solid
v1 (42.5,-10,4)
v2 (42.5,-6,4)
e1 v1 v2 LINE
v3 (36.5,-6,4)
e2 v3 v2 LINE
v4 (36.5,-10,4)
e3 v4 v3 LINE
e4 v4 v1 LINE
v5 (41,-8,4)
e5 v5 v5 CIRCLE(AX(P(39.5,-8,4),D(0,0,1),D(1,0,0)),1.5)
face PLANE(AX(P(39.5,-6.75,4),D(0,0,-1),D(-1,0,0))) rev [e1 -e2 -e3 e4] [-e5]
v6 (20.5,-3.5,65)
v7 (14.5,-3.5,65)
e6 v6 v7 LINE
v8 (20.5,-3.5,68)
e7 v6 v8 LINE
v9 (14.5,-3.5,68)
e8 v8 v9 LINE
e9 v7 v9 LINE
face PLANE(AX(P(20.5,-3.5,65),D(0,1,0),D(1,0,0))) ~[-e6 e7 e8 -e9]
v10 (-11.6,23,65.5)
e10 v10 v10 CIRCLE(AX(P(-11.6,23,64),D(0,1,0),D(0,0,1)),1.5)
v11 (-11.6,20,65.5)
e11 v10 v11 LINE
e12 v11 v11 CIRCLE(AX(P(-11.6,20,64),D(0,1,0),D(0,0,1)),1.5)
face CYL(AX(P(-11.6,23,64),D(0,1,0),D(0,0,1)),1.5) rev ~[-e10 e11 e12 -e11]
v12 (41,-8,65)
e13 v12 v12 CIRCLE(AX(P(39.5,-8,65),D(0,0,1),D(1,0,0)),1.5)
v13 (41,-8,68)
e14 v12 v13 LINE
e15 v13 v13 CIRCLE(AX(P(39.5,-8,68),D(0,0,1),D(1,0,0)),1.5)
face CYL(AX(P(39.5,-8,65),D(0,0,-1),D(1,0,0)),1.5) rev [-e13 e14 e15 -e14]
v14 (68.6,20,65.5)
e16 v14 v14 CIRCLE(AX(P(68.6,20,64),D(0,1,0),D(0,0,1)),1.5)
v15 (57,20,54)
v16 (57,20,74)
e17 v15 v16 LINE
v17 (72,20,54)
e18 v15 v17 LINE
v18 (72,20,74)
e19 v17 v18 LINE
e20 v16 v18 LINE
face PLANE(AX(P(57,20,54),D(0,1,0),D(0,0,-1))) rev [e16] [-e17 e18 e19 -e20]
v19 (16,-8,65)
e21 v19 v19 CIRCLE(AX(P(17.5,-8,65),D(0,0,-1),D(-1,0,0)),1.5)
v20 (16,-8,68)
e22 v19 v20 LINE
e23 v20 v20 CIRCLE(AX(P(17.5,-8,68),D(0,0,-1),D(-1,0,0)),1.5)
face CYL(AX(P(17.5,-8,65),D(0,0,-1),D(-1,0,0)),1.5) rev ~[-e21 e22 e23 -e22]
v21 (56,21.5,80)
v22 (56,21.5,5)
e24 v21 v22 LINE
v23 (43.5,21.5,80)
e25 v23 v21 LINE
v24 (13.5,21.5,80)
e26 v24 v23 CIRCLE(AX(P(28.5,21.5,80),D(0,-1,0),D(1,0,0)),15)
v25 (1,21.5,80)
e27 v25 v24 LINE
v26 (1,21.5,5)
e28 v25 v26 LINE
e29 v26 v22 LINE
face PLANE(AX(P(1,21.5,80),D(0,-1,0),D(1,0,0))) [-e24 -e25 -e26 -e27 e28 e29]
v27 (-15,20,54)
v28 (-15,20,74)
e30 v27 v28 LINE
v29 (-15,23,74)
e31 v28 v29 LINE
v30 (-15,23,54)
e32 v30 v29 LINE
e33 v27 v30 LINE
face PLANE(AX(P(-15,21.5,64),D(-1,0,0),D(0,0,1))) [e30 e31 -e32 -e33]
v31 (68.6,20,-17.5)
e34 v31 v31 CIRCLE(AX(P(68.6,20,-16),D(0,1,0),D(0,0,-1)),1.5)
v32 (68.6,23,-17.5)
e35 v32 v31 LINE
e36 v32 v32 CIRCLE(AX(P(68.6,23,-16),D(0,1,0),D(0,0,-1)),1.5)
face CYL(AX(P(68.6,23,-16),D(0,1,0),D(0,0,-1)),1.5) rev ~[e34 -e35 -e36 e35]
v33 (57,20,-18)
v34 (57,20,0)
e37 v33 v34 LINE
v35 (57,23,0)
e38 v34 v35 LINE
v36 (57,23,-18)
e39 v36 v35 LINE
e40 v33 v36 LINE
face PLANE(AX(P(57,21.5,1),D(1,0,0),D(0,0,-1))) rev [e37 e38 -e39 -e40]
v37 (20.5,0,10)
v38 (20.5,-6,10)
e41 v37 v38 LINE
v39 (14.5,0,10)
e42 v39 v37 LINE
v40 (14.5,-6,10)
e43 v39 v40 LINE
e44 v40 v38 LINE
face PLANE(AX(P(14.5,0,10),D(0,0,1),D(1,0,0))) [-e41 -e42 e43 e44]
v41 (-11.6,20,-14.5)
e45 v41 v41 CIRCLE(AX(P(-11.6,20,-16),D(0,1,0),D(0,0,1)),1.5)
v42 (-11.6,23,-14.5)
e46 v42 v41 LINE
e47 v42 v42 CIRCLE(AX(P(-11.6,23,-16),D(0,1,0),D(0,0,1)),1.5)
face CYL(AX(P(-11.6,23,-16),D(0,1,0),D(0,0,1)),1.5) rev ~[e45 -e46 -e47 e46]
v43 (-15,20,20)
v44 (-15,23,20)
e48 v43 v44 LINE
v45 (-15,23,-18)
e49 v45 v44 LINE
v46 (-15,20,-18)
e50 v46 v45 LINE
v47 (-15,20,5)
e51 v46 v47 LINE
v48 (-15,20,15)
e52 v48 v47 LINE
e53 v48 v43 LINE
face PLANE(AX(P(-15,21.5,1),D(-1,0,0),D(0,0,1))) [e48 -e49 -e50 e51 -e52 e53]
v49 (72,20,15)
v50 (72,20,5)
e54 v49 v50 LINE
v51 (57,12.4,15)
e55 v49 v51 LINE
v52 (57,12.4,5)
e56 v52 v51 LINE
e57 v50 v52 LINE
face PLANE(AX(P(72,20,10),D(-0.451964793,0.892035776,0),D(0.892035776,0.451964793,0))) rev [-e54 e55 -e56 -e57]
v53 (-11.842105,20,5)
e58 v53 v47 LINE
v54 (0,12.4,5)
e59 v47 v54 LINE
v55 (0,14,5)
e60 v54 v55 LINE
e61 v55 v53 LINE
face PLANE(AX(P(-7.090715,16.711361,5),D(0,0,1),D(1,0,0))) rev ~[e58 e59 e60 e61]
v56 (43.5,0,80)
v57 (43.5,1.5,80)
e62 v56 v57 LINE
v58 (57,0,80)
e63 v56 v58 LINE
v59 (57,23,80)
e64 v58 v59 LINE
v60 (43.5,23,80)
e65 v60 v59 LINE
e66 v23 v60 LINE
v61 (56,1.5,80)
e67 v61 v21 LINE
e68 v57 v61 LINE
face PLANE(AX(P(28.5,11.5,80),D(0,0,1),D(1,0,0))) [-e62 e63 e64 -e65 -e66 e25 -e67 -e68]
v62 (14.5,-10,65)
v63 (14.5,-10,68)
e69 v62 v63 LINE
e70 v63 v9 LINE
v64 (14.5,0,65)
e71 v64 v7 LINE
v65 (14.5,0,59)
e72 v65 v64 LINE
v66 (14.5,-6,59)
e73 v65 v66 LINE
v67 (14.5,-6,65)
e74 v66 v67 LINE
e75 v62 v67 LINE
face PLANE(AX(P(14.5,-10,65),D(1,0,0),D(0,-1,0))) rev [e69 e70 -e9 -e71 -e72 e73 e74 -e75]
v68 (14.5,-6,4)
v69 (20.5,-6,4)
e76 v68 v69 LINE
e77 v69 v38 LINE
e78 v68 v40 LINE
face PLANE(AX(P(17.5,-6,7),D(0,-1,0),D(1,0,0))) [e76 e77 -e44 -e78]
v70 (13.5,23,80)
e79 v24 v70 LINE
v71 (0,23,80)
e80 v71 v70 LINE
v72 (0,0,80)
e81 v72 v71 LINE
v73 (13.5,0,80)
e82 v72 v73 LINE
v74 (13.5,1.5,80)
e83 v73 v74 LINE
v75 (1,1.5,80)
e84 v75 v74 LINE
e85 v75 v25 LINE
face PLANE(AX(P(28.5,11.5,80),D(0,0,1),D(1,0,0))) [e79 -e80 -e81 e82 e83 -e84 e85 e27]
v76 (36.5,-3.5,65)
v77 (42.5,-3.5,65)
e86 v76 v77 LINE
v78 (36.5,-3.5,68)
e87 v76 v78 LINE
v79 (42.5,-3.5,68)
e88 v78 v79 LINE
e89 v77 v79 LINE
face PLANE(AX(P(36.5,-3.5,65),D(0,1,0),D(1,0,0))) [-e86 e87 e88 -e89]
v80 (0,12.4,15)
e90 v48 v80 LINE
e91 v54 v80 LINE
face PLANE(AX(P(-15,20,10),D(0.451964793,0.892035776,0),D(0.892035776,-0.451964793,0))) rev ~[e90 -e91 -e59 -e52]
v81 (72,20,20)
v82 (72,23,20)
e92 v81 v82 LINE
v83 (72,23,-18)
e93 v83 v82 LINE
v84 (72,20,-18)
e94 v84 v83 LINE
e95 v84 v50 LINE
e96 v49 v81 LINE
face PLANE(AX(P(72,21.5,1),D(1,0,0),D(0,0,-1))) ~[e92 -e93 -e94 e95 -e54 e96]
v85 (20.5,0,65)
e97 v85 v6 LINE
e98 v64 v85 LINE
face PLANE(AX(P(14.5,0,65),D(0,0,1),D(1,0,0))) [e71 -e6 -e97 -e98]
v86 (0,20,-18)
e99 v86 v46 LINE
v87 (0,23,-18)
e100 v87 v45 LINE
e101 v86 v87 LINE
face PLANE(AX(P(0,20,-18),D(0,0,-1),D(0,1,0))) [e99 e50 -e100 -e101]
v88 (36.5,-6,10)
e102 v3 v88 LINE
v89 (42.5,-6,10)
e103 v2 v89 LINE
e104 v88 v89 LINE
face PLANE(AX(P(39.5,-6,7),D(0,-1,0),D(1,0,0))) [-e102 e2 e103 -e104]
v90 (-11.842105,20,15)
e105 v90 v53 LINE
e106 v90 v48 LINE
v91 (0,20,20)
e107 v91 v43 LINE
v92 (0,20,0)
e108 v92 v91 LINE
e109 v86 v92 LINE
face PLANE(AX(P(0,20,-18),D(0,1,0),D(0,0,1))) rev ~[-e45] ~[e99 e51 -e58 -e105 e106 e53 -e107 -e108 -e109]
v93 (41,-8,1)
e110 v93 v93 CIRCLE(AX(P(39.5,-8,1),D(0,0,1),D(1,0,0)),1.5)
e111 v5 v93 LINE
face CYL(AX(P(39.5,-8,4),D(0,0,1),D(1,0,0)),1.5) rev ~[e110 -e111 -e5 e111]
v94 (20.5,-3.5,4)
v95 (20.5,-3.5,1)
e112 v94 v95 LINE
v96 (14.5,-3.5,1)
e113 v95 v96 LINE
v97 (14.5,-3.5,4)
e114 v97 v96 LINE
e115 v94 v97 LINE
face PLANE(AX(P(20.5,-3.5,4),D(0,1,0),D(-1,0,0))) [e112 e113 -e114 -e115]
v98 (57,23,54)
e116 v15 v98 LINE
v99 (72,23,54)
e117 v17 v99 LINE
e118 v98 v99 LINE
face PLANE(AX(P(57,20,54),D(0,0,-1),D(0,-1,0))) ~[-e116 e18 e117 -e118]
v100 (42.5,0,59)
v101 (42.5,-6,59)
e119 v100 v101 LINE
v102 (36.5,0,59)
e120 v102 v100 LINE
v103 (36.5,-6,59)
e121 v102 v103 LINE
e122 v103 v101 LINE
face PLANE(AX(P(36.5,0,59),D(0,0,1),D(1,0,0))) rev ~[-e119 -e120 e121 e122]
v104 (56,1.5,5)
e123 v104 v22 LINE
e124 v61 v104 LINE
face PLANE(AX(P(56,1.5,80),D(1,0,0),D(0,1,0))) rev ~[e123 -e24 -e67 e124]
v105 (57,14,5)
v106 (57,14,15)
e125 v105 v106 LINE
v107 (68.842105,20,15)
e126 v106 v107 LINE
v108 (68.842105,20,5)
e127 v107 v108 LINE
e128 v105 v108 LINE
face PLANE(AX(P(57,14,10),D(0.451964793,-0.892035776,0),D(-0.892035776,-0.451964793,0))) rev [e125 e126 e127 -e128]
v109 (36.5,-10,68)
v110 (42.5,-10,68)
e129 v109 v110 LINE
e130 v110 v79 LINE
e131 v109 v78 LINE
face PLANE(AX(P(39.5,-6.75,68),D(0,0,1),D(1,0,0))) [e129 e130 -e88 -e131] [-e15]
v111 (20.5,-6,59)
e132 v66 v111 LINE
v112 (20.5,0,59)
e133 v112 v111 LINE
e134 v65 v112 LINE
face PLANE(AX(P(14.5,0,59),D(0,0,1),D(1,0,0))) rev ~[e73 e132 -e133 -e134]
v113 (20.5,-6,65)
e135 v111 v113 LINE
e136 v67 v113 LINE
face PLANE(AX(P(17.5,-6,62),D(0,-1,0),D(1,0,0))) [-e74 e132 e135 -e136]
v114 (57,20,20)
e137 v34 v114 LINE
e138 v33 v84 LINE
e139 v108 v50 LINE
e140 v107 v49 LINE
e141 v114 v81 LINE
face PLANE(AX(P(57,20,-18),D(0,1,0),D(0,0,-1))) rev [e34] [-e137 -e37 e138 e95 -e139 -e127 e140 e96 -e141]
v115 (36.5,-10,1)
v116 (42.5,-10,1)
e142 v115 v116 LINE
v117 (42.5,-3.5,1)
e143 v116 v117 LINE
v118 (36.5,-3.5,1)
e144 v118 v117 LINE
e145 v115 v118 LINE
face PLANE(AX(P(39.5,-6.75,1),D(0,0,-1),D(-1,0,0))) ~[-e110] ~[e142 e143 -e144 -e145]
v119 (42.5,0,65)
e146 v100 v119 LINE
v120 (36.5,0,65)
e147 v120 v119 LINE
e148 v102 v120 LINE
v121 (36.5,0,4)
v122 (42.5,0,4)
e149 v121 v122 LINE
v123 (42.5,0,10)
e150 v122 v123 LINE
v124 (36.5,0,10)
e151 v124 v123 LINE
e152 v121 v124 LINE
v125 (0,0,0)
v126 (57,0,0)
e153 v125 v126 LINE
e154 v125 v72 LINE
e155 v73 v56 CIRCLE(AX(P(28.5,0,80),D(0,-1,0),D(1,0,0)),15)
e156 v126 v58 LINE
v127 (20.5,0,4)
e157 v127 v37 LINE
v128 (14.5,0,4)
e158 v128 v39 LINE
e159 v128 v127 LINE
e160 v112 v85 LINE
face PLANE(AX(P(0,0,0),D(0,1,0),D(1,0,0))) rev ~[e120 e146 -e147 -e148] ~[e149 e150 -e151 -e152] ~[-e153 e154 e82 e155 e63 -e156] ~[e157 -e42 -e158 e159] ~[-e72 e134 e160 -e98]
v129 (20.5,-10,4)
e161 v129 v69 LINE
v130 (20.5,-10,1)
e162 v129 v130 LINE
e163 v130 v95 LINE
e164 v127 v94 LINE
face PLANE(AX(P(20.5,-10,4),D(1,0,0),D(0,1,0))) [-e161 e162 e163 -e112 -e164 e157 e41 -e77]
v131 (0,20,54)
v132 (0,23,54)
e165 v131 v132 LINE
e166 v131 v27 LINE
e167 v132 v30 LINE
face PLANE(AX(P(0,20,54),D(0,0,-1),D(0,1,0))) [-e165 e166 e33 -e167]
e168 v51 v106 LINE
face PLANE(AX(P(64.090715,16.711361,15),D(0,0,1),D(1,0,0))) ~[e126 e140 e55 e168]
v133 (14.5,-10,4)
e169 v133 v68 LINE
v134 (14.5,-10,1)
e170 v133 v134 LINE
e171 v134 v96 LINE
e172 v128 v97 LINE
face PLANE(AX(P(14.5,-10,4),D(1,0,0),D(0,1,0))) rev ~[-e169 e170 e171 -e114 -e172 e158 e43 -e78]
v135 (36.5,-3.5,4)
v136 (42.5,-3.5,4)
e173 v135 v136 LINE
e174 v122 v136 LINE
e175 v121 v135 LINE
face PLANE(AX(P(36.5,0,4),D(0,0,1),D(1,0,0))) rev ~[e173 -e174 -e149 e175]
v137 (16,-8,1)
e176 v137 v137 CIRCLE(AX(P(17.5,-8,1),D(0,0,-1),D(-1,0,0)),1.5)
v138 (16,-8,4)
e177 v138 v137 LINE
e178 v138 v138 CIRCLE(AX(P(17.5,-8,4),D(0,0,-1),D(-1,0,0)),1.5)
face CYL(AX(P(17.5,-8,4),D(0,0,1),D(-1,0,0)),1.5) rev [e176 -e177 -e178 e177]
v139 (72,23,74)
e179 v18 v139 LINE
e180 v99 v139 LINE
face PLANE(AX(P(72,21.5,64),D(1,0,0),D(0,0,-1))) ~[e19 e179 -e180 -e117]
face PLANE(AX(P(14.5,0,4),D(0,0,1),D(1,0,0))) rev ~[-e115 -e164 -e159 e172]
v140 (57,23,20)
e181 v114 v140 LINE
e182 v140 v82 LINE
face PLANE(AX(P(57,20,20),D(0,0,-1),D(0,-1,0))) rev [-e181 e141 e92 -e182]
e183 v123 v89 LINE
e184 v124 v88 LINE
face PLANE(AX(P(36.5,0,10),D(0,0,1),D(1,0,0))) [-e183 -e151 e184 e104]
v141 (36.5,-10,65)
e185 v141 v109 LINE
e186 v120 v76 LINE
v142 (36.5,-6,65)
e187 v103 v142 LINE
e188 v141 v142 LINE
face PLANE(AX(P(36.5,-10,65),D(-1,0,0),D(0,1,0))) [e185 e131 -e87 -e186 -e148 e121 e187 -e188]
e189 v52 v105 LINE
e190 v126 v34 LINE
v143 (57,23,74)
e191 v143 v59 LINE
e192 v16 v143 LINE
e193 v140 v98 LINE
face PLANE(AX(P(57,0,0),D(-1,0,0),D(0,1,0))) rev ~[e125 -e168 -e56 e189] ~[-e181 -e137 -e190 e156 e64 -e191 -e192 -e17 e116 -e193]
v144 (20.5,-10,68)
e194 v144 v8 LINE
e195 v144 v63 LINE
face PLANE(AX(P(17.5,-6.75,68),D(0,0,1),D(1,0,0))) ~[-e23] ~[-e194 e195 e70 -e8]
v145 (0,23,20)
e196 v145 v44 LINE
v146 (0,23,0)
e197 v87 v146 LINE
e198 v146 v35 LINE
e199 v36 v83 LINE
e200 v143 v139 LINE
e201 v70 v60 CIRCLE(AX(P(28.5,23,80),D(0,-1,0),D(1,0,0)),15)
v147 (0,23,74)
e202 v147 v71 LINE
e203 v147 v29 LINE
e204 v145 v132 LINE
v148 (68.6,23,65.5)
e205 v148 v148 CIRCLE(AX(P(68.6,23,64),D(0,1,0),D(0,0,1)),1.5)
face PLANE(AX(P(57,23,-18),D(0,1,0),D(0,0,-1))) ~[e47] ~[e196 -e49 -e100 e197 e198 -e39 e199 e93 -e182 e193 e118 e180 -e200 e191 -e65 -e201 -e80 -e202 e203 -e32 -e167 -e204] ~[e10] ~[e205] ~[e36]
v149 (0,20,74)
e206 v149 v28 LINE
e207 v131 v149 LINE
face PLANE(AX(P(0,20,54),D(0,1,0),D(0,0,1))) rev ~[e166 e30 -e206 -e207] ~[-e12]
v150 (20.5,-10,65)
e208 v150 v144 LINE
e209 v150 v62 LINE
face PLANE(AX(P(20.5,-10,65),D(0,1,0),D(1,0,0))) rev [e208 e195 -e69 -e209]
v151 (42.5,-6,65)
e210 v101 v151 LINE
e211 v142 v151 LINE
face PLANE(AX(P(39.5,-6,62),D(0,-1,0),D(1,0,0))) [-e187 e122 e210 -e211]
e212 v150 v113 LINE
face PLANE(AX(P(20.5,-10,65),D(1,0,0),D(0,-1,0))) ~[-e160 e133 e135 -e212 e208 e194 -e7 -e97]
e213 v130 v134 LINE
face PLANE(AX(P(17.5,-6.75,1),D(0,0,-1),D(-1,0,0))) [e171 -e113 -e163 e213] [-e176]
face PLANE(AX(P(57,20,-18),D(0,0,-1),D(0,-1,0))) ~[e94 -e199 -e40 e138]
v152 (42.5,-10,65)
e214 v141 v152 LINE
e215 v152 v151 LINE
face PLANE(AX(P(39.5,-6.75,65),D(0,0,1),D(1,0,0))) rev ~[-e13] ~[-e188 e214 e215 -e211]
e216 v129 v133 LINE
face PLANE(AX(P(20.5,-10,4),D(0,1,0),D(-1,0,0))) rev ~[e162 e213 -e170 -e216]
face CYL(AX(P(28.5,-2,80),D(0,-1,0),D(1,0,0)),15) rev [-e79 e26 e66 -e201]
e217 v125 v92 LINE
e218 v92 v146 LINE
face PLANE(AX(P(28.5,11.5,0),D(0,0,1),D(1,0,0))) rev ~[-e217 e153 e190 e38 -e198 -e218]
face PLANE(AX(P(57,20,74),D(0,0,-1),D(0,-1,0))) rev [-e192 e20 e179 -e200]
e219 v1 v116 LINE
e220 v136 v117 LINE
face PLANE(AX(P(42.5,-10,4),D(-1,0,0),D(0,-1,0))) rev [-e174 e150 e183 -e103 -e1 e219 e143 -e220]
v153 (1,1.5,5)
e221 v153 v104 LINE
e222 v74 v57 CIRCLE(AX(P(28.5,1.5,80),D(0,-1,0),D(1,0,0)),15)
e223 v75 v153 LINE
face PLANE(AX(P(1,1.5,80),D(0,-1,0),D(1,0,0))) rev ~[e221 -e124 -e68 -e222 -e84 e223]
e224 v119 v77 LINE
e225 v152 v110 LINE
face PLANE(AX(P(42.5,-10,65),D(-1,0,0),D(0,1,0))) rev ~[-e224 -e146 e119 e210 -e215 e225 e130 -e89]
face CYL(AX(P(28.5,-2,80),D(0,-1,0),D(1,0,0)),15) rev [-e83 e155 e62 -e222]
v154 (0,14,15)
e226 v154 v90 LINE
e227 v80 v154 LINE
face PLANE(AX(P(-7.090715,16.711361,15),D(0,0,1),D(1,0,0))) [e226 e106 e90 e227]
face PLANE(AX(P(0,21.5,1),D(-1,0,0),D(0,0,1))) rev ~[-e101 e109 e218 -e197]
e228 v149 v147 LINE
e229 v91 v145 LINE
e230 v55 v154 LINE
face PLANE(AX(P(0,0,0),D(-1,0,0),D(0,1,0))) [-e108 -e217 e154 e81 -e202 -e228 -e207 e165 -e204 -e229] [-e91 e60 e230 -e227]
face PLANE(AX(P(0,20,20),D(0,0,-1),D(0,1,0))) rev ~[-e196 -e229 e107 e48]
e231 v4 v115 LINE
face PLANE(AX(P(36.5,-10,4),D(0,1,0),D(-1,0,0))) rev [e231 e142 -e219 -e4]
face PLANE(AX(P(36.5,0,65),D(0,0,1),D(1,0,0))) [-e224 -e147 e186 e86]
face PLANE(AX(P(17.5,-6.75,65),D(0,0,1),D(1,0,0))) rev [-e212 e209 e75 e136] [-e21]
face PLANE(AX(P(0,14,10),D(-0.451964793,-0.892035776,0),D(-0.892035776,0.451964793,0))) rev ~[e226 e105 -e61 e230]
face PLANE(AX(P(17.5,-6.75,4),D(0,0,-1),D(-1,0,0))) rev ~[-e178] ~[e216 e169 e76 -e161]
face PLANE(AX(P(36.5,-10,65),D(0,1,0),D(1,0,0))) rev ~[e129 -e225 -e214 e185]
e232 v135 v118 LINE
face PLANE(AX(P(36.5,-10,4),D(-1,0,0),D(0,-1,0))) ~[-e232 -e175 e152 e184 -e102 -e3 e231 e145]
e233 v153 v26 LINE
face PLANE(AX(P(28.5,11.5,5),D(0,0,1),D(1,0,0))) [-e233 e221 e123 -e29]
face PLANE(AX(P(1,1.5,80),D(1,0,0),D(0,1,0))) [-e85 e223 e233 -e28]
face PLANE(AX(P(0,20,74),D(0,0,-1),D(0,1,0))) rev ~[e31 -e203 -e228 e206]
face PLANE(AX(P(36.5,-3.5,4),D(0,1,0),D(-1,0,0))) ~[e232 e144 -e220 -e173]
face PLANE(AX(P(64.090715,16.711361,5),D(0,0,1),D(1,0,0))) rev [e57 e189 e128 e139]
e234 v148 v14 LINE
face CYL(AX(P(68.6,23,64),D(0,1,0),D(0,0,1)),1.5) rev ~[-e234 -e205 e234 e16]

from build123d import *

# Parameters (mm, degrees)
SKETCH_1_W               = 57
SKETCH_1_H               = 23
EXTRUDE_1_DEPTH          = 80
SKETCH_2_W               = 55
SKETCH_2_H               = 20
CUT_EXTRUDE_1_DEPTH      = 75
SKETCH_3_W               = 6
SKETCH_3_H               = 6
EXTRUDE_2_DEPTH          = 6
SKETCH_4_W               = 6
SKETCH_4_H               = 6.5
SKETCH_4_R               = 1.5
EXTRUDE_3_DEPTH          = 3
MIRROR_2_COPY_1_SKETCH_W = 6
MIRROR_2_COPY_1_SKETCH_H = 6.5
MIRROR_2_COPY_1_SKETCH_R = 1.5
MIRROR_2_COPY_1_DEPTH    = 3
CUT_EXTRUDE_3_DEPTH      = 104.624321469
CUT_EXTRUDE_3_DEPTH_BACK = 25
SKETCH_6_W               = 38
SKETCH_6_H               = 3
SKETCH_6_W_2             = 20
EXTRUDE_4_DEPTH          = 15
SKETCH_8_R               = 1.5
CUT_EXTRUDE_4_DEPTH      = 113.57441983
EXTRUDE_5_DEPTH          = 5


with BuildPart() as part:
    # 草图1 → 凸台-拉伸1 (new body)
    with BuildSketch(Plane.XY):
        with Locations((28.5, 11.5)):
            Rectangle(SKETCH_1_W, SKETCH_1_H)
    extrude(amount=EXTRUDE_1_DEPTH)

    # 草图2 → 切除-拉伸1 (cut)
    with BuildSketch(Plane.XY.offset(80)):
        with Locations((28.5, 11.5)):
            Rectangle(SKETCH_2_W, SKETCH_2_H)
    extrude(amount=-CUT_EXTRUDE_1_DEPTH, mode=Mode.SUBTRACT)

    # 草图3 → 凸台-拉伸2 (add)
    with BuildSketch(Plane.XZ):
        with Locations((17.5, 62)):
            Rectangle(SKETCH_3_W, SKETCH_3_H)
        with Locations((17.5, 7)):
            Rectangle(SKETCH_3_W, SKETCH_3_H)
        with Locations((39.5, 7)):
            Rectangle(SKETCH_3_W, SKETCH_3_H)
        with Locations((39.5, 62)):
            Rectangle(SKETCH_3_W, SKETCH_3_H)
    extrude(amount=EXTRUDE_2_DEPTH)

    # 草图4 → 凸台-拉伸3 (add)
    with BuildSketch(Plane.XY.offset(65)):
        with Locations((39.5, -6.75)):
            Rectangle(SKETCH_4_W, SKETCH_4_H)
        with Locations((39.5, -8)):
            Circle(SKETCH_4_R, mode=Mode.SUBTRACT)
    extrude_3 = extrude(amount=EXTRUDE_3_DEPTH)

    # 镜向1: 凸台-拉伸3 across plane
    add(extrude_3.mirror(Plane.XY.offset(34.5)))

    # 镜向2: 凸台-拉伸3 across plane
    add(extrude_3.mirror(Plane.ZY.offset(-28.5)))

    # 镜向2 copy 1 sketch → 镜向2 copy 1 (add)
    with BuildSketch(Plane(origin=(57, 0, 4), x_dir=(-1, 0, 0), z_dir=(0, 0, -1))):
        with Locations((39.5, -6.75)):
            Rectangle(MIRROR_2_COPY_1_SKETCH_W, MIRROR_2_COPY_1_SKETCH_H)
        with Locations((39.5, -8)):
            Circle(MIRROR_2_COPY_1_SKETCH_R, mode=Mode.SUBTRACT)
    extrude(amount=MIRROR_2_COPY_1_DEPTH)

    # 草图5 → 切除-拉伸3 (cut, two sides: drawn at the far end of the back side and taken through both)
    with BuildSketch(Plane(origin=(0, 23, 0), x_dir=(1, 0, 0), z_dir=(0, 1, 0)).offset(-CUT_EXTRUDE_3_DEPTH_BACK)):
        with BuildLine():
            Line((43.5, -272.123584415), (43.5, -80))
            ThreePointArc((43.5, -80), (28.5, -65), (13.5, -80))
            Line((13.5, -80), (13.5, -272.123584415))
            Line((13.5, -272.123584415), (13.5, -656.370753244))
            Line((13.5, -656.370753244), (43.5, -656.370753244))
            Line((43.5, -656.370753244), (43.5, -272.123584415))
        make_face()
    extrude(amount=CUT_EXTRUDE_3_DEPTH + CUT_EXTRUDE_3_DEPTH_BACK, mode=Mode.SUBTRACT)

    # 草图6 → 凸台-拉伸4 (add)
    with BuildSketch(Plane.ZY):
        with Locations((1, 21.5)):
            Rectangle(SKETCH_6_W, SKETCH_6_H)
        with Locations((64, 21.5)):
            Rectangle(SKETCH_6_W_2, SKETCH_6_H)
    extrude_4 = extrude(amount=EXTRUDE_4_DEPTH)

    # 镜向3: 凸台-拉伸4 across plane
    add(extrude_4.mirror(Plane.ZY.offset(-28.5)))

    # 草图8 → 切除-拉伸4 (cut, through all)
    with BuildSketch(Plane(origin=(0, 23, 0), x_dir=(1, 0, 0), z_dir=(0, 1, 0))):
        with Locations(Location((-11.6, 16, 0), (0, 0, 270))):
            Circle(SKETCH_8_R)
        with Locations(Location((68.6, 16, 0), (0, 0, 90))):
            Circle(SKETCH_8_R)
        with Locations(Location((-11.6, -64, 0), (0, 0, 270))):
            Circle(SKETCH_8_R)
        with Locations(Location((68.6, -64, 0), (0, 0, 270))):
            Circle(SKETCH_8_R)
    extrude(amount=-CUT_EXTRUDE_4_DEPTH, mode=Mode.SUBTRACT)

    # 草图12 → 凸台-拉伸5 (add, symmetric)
    with BuildSketch(Plane(origin=(0, 0, 10), x_dir=(-1, 0, 0), z_dir=(0, 0, -1))):
        Polygon((15, 20), (0, 12.4), (0, 14), (11.842105263, 20), align=None)
    extrude_5 = extrude(amount=EXTRUDE_5_DEPTH, both=True)

    # 镜向4: 凸台-拉伸5 across plane
    add(extrude_5.mirror(Plane.ZY.offset(-28.5)))


solid = part.part
